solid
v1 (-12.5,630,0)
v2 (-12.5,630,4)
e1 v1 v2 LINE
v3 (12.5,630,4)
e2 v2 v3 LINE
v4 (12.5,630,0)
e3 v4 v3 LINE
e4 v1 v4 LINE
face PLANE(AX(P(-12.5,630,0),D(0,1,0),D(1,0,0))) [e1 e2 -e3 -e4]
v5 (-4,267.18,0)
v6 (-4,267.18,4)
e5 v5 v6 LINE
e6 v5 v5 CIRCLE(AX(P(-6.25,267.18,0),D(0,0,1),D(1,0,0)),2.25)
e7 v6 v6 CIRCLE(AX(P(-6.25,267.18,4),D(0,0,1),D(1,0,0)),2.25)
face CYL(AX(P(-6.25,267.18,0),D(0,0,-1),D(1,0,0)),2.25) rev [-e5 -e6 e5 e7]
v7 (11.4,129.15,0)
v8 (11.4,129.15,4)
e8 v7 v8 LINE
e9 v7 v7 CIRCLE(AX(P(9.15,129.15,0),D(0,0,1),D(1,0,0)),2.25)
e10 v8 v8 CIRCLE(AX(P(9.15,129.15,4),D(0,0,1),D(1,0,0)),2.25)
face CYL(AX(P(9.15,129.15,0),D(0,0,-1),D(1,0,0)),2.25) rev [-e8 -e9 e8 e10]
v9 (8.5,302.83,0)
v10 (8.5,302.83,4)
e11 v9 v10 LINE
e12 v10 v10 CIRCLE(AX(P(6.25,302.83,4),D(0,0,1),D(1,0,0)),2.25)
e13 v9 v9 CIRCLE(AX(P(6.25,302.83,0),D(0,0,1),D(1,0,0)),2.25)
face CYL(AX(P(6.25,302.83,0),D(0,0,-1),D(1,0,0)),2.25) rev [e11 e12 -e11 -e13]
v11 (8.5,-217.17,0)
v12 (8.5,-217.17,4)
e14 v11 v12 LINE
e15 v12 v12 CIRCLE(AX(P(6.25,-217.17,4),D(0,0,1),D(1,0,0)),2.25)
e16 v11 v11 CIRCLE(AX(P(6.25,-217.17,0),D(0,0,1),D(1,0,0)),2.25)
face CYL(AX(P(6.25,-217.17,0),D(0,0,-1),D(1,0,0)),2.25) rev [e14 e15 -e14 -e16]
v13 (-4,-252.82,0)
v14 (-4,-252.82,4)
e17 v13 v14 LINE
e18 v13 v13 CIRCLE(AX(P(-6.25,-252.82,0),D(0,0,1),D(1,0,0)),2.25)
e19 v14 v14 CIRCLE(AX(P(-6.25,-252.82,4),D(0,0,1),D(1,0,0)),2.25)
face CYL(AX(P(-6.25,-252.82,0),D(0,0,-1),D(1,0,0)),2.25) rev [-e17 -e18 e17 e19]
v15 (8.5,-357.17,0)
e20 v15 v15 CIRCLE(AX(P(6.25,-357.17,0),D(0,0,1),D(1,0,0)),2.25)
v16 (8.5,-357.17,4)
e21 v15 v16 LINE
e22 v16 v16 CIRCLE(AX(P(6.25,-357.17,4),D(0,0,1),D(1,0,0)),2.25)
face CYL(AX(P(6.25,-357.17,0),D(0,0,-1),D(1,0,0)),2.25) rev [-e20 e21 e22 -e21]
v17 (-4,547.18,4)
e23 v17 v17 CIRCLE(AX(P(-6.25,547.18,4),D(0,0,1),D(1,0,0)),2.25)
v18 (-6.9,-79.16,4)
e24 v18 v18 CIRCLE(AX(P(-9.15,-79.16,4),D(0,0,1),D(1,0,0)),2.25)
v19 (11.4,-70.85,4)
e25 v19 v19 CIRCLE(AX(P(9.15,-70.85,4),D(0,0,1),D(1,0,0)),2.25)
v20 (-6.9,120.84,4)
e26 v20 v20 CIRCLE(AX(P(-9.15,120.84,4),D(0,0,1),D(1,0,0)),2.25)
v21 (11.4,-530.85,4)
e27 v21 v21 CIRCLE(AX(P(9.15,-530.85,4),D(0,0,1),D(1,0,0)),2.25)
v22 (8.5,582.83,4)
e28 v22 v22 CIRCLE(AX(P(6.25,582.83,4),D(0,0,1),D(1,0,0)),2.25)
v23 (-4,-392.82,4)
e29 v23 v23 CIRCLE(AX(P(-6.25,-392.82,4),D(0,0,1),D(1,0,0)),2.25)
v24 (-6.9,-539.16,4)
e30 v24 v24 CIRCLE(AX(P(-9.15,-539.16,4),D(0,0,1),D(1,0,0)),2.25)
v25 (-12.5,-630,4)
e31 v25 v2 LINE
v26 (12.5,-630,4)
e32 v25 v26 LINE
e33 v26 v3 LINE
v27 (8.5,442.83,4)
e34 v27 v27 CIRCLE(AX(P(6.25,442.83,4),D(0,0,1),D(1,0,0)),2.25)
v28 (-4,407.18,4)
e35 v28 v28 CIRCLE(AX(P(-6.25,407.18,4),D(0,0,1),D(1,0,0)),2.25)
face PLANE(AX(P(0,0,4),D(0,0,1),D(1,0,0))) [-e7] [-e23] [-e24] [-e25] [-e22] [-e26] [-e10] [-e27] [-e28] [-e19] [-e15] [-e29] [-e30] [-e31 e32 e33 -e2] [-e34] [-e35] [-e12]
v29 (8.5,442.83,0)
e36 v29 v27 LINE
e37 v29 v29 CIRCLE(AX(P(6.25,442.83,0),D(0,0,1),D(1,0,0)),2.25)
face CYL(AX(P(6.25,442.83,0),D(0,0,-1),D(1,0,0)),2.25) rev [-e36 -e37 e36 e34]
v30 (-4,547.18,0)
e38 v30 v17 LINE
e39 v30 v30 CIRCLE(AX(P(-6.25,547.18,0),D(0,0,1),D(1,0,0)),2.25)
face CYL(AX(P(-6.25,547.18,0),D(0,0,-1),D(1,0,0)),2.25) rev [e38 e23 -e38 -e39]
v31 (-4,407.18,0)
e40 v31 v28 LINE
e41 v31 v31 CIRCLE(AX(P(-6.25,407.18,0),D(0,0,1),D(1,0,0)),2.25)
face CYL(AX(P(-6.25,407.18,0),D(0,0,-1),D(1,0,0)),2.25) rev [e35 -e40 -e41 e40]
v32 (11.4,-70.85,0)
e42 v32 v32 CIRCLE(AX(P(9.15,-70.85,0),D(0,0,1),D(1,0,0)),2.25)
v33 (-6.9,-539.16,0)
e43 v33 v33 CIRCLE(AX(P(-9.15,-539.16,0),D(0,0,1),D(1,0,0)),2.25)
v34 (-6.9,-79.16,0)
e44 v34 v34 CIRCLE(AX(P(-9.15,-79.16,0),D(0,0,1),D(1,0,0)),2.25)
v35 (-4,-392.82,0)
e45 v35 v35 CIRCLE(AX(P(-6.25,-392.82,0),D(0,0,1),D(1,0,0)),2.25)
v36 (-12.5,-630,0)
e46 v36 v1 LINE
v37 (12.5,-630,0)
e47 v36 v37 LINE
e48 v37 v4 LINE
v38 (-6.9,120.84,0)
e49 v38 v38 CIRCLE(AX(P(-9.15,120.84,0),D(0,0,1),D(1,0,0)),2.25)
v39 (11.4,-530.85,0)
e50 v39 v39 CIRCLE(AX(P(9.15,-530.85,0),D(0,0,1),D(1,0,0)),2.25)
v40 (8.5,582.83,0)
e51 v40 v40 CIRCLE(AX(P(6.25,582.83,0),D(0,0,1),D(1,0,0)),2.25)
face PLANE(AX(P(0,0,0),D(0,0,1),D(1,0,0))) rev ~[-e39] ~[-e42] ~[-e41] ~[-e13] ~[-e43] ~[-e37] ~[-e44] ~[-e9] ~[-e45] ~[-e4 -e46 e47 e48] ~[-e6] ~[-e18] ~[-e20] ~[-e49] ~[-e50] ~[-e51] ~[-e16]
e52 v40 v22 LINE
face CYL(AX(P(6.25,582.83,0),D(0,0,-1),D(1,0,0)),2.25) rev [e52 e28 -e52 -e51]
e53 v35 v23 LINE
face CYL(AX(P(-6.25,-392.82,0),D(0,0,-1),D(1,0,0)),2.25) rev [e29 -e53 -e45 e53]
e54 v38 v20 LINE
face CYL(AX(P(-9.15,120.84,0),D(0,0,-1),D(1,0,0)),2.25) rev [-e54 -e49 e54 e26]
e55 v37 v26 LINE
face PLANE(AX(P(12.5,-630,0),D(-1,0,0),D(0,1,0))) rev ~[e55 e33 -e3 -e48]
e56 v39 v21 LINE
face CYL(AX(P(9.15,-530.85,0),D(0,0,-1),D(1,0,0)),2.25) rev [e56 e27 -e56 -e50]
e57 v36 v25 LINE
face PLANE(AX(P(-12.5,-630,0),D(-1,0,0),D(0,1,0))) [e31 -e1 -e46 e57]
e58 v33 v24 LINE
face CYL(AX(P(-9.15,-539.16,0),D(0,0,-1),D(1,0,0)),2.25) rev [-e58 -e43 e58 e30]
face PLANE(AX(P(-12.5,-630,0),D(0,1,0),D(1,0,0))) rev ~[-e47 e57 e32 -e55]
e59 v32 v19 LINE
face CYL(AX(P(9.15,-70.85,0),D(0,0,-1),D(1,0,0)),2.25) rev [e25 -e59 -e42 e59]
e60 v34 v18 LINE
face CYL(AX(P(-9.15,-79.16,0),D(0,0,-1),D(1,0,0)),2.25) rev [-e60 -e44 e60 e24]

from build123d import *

# Parameters (mm, degrees)
F0_W     = 25
F0_H     = 1260
F0_R     = 2.25
F1_DEPTH = 4


with BuildPart() as f1:
    # F0 (on Top) → F1 (new body)
    with BuildSketch(Plane.XY):
        Rectangle(F0_W, F0_H)
        with Locations((-9.15, -539.16)):
            Circle(F0_R, mode=Mode.SUBTRACT)
        with Locations((-6.25, -392.82)):
            Circle(F0_R, mode=Mode.SUBTRACT)
        with Locations((-9.15, -79.16)):
            Circle(F0_R, mode=Mode.SUBTRACT)
        with Locations((-6.25, -252.82)):
            Circle(F0_R, mode=Mode.SUBTRACT)
        with Locations((9.15, -530.85)):
            Circle(F0_R, mode=Mode.SUBTRACT)
        with Locations((6.25, -357.17)):
            Circle(F0_R, mode=Mode.SUBTRACT)
        with Locations((6.25, -217.17)):
            Circle(F0_R, mode=Mode.SUBTRACT)
        with Locations((9.15, -70.85)):
            Circle(F0_R, mode=Mode.SUBTRACT)
        with Locations((-9.15, 120.84)):
            Circle(F0_R, mode=Mode.SUBTRACT)
        with Locations((-6.25, 267.18)):
            Circle(F0_R, mode=Mode.SUBTRACT)
        with Locations((-6.25, 407.18)):
            Circle(F0_R, mode=Mode.SUBTRACT)
        with Locations((-6.25, 547.18)):
            Circle(F0_R, mode=Mode.SUBTRACT)
        with Locations((9.15, 129.15)):
            Circle(F0_R, mode=Mode.SUBTRACT)
        with Locations((6.25, 302.83)):
            Circle(F0_R, mode=Mode.SUBTRACT)
        with Locations((6.25, 442.83)):
            Circle(F0_R, mode=Mode.SUBTRACT)
        with Locations((6.25, 582.83)):
            Circle(F0_R, mode=Mode.SUBTRACT)
    extrude(amount=F1_DEPTH)


solid = f1.part
